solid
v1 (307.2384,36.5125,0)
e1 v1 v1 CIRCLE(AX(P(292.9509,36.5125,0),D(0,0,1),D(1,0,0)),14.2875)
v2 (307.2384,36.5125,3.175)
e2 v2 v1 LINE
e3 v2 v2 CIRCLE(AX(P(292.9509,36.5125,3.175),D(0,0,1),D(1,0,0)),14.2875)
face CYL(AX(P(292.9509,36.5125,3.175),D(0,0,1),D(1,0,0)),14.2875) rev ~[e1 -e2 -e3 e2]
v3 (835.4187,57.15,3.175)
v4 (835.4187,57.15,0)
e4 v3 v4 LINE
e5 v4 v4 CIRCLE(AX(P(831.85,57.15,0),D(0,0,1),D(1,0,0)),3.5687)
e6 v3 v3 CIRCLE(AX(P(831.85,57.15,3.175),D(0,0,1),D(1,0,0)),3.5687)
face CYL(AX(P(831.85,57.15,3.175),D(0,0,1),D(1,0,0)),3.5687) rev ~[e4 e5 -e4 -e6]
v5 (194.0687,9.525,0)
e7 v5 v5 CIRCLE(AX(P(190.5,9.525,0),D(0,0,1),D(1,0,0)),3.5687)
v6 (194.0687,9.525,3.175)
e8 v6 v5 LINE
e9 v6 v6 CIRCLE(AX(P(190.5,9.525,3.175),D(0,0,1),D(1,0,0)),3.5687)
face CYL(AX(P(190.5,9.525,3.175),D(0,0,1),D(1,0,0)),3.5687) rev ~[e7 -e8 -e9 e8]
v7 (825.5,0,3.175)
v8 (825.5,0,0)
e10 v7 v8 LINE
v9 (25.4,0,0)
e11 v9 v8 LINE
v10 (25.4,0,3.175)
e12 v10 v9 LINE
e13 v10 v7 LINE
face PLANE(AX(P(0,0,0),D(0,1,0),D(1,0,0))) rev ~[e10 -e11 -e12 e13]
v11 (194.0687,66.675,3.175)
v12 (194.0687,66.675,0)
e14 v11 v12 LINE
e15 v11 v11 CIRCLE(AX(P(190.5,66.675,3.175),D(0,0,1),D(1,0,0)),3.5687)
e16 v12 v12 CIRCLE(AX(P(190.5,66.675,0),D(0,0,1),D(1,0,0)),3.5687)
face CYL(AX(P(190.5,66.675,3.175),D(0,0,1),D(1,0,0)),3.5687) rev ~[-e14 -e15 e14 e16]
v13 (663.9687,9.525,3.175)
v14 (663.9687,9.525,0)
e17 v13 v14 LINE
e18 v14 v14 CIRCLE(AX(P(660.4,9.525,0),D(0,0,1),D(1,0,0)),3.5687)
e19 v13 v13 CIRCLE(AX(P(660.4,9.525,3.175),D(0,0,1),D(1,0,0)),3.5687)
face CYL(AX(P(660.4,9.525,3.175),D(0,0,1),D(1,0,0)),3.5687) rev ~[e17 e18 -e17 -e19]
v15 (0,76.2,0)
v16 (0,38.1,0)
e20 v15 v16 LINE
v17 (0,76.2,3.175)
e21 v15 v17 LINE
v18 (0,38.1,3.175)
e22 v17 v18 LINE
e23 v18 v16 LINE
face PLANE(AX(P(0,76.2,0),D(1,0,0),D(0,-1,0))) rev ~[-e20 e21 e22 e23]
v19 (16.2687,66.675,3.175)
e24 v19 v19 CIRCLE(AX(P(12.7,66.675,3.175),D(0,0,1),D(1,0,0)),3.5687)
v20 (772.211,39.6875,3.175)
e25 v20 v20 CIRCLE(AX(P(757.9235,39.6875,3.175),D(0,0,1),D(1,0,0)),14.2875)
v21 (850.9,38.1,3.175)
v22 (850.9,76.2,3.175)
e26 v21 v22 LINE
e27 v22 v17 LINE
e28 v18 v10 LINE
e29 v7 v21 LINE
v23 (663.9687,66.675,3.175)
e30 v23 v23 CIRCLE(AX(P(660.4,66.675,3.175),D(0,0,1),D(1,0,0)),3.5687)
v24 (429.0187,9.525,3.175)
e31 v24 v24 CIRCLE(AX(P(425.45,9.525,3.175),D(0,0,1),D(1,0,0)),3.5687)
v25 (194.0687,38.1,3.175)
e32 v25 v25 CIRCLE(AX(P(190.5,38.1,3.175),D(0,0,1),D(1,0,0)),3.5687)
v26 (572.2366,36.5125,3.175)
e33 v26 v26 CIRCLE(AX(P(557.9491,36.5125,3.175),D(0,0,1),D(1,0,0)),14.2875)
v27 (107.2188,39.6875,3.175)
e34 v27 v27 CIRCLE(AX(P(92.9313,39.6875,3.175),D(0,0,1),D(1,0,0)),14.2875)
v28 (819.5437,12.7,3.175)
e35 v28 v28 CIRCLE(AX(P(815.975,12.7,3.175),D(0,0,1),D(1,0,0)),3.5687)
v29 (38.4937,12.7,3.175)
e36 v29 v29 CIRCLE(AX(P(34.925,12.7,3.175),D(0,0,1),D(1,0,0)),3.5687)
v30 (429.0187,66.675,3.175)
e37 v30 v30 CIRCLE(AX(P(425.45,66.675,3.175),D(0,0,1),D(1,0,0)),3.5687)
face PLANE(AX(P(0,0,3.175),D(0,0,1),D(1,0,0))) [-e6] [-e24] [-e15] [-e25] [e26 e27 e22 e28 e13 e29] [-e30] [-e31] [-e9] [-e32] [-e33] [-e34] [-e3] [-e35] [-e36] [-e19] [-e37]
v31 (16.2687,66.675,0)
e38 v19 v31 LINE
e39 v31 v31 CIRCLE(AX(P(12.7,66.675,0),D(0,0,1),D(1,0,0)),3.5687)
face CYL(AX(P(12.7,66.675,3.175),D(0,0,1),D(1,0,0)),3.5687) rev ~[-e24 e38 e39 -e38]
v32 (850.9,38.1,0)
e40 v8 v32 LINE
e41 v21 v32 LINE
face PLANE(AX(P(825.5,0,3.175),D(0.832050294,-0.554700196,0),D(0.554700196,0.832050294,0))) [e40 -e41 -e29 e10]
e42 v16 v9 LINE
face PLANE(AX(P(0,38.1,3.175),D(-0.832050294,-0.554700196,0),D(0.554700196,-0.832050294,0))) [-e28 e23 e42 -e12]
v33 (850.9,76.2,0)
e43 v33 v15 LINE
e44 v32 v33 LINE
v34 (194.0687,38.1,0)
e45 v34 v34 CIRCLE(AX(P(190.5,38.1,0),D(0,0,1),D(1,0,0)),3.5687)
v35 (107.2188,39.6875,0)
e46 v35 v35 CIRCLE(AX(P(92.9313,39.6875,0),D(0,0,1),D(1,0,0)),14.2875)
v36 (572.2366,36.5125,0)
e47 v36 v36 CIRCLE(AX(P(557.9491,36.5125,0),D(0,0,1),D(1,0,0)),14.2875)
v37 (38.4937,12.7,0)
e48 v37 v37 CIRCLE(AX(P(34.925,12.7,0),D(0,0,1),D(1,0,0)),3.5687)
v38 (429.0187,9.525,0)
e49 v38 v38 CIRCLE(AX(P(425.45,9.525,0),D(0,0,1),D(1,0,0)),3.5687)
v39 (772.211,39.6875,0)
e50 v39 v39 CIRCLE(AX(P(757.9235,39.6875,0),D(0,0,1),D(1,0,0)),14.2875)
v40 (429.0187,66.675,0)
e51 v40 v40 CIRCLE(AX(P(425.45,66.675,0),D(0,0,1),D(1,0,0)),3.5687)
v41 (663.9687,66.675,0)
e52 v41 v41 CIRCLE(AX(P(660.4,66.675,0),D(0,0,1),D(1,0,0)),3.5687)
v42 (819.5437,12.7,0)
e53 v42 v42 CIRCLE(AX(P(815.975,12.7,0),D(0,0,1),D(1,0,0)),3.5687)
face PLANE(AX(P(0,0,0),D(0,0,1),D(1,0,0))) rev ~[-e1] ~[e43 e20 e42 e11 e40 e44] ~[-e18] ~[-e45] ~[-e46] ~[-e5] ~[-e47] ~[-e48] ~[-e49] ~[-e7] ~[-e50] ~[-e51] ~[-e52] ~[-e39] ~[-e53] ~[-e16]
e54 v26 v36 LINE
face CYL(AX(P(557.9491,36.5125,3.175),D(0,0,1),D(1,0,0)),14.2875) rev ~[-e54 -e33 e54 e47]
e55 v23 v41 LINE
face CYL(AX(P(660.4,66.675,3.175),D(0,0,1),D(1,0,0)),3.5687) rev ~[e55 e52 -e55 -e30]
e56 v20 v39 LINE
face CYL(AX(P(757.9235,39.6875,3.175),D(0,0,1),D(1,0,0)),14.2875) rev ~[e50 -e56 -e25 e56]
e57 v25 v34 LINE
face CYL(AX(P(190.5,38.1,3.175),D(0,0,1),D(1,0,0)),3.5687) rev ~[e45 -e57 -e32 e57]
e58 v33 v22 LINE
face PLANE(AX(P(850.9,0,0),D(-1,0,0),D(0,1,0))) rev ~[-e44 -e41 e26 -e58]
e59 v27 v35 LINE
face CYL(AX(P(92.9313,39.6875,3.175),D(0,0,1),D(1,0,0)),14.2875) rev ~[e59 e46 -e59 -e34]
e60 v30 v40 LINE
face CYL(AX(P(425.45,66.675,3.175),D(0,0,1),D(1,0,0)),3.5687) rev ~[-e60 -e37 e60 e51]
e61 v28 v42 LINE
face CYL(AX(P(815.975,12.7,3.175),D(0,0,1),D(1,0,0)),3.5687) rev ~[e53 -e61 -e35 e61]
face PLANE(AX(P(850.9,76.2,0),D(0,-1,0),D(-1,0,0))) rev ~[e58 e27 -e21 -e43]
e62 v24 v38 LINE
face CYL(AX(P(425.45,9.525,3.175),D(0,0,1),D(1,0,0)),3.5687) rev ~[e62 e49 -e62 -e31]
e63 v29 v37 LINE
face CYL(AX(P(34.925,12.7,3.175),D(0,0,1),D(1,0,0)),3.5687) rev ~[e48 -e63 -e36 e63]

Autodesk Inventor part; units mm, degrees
ref_plane "YZ Plane" through (0, 0, 0) normal (1, 0, 0) x (0, 1, 0)
ref_plane "XZ Plane" through (0, 0, 0) normal (0, 1, 0) x (-1, 0, 0)
ref_plane "XY Plane" through (0, 0, 0) normal (0, 0, 1) x (1, 0, 0)
sketch "Sketch1" plane through (0, 0, 0) normal (0, 0, 1) x (1, 0, 0)
  line L0 (0, 0) -> (850.9, 0)
  line L1 (850.9, 0) -> (850.9, 76.2)
  line L2 (850.9, 76.2) -> (0, 76.2)
  line L3 (0, 76.2) -> (0, 0)
  dimension "d0" = 850.9
  dimension "d1" = 76.2
extrude "Extrusion1" add sketch "Sketch1" along normal blind 3.175
sketch "Sketch2" plane through (0, 0, 3.175) normal (0, 0, 1) x (1, 0, 0)
  line L0 (0, 0) -> (850.9, 0) projected
  circle A0 centre (292.9509, 36.5125) radius 14.2875
  circle A1 centre (557.9491, 36.5125) radius 14.2875
  circle A2 centre (92.9313, 39.6875) radius 14.2875
  circle A3 centre (757.9235, 39.6875) radius 14.2875
  line L1 (0, 0) -> (25.4, 0)
  line L2 (0, 0) -> (0, 38.1)
  line L3 (0, 76.2) -> (0, 0) projected
  line L4 (0, 38.1) -> (25.4, 0)
  circle A4 centre (34.925, 12.7) radius 3.5687
  circle A5 centre (12.7, 66.675) radius 3.5687
  line L5 (850.9, 76.2) -> (0, 76.2) projected
  line L6 (850.9, 0) -> (850.9, 38.1)
  line L7 (850.9, 0) -> (850.9, 76.2) projected
  line L8 (850.9, 0) -> (825.5, 0)
  line L9 (825.5, 0) -> (850.9, 38.1)
  circle A6 centre (190.5, 38.1) radius 3.5687
  line L10 (825.5, 0) -> (800.1, 0)
  circle A7 centre (815.975, 12.7) radius 3.5687
  circle A8 centre (831.85, 57.15) radius 3.5687
  circle A9 centre (425.45, 66.675) radius 3.5687
  circle A10 centre (425.45, 9.525) radius 3.5687
  circle A11 centre (190.5, 9.525) radius 3.5687
  circle A12 centre (190.5, 66.675) radius 3.5687
  circle A13 centre (660.4, 66.675) radius 3.5687
  circle A14 centre (660.4, 9.525) radius 3.5687
  dimension "d10" = 28.575
  dimension "d23" = 28.575
  dimension "d30" = 28.575
  dimension "d32" = 28.575
  dimension "d34" = 25.4
  dimension "d35" = 38.1
  dimension "d36" = 7.1374
  dimension "d37" = 12.7
  dimension "d38" = 9.525
  dimension "d40" = 7.1374
  dimension "d41" = 12.7
  dimension "d42" = 9.525
  dimension "d43" = 38.1
  dimension "d44" = 25.4
  dimension "d53" = 7.1374
  dimension "d54" = 38.1
  dimension "d55" = 190.5
  dimension "d59" = 7.1374
  dimension "d60" = 12.7
  dimension "d61" = 9.525
  dimension "d66" = 7.1374
  dimension "d67" = 7.1374
  dimension "d68" = 9.525
  dimension "d69" = 425.45
  dimension "d70" = 7.1374
  dimension "d71" = 9.525
  dimension "d72" = 425.45
  dimension "d73" = 7.1374
  dimension "d74" = 7.1374
  dimension "d75" = 9.525
  dimension "d76" = 9.525
  dimension "d77" = 190.5
  dimension "d78" = 190.5
  dimension "d79" = 7.1374
  dimension "d80" = 7.1374
  dimension "d81" = 9.525
  dimension "d82" = 9.525
  dimension "d83" = 190.5
  dimension "d84" = 190.5
extrude "Extrusion2" cut sketch "Sketch2" against normal blind 3.175 contours L2 L4 L0 | L9 L6 L0 | A0 | A1 | A2 | A3 | A4 | A5 | A6 | A7 | A8 | A9 | A10 | A11 | A12 | A13 | A14
properties part number "OutsidePlate" material "Aluminum 6061"
